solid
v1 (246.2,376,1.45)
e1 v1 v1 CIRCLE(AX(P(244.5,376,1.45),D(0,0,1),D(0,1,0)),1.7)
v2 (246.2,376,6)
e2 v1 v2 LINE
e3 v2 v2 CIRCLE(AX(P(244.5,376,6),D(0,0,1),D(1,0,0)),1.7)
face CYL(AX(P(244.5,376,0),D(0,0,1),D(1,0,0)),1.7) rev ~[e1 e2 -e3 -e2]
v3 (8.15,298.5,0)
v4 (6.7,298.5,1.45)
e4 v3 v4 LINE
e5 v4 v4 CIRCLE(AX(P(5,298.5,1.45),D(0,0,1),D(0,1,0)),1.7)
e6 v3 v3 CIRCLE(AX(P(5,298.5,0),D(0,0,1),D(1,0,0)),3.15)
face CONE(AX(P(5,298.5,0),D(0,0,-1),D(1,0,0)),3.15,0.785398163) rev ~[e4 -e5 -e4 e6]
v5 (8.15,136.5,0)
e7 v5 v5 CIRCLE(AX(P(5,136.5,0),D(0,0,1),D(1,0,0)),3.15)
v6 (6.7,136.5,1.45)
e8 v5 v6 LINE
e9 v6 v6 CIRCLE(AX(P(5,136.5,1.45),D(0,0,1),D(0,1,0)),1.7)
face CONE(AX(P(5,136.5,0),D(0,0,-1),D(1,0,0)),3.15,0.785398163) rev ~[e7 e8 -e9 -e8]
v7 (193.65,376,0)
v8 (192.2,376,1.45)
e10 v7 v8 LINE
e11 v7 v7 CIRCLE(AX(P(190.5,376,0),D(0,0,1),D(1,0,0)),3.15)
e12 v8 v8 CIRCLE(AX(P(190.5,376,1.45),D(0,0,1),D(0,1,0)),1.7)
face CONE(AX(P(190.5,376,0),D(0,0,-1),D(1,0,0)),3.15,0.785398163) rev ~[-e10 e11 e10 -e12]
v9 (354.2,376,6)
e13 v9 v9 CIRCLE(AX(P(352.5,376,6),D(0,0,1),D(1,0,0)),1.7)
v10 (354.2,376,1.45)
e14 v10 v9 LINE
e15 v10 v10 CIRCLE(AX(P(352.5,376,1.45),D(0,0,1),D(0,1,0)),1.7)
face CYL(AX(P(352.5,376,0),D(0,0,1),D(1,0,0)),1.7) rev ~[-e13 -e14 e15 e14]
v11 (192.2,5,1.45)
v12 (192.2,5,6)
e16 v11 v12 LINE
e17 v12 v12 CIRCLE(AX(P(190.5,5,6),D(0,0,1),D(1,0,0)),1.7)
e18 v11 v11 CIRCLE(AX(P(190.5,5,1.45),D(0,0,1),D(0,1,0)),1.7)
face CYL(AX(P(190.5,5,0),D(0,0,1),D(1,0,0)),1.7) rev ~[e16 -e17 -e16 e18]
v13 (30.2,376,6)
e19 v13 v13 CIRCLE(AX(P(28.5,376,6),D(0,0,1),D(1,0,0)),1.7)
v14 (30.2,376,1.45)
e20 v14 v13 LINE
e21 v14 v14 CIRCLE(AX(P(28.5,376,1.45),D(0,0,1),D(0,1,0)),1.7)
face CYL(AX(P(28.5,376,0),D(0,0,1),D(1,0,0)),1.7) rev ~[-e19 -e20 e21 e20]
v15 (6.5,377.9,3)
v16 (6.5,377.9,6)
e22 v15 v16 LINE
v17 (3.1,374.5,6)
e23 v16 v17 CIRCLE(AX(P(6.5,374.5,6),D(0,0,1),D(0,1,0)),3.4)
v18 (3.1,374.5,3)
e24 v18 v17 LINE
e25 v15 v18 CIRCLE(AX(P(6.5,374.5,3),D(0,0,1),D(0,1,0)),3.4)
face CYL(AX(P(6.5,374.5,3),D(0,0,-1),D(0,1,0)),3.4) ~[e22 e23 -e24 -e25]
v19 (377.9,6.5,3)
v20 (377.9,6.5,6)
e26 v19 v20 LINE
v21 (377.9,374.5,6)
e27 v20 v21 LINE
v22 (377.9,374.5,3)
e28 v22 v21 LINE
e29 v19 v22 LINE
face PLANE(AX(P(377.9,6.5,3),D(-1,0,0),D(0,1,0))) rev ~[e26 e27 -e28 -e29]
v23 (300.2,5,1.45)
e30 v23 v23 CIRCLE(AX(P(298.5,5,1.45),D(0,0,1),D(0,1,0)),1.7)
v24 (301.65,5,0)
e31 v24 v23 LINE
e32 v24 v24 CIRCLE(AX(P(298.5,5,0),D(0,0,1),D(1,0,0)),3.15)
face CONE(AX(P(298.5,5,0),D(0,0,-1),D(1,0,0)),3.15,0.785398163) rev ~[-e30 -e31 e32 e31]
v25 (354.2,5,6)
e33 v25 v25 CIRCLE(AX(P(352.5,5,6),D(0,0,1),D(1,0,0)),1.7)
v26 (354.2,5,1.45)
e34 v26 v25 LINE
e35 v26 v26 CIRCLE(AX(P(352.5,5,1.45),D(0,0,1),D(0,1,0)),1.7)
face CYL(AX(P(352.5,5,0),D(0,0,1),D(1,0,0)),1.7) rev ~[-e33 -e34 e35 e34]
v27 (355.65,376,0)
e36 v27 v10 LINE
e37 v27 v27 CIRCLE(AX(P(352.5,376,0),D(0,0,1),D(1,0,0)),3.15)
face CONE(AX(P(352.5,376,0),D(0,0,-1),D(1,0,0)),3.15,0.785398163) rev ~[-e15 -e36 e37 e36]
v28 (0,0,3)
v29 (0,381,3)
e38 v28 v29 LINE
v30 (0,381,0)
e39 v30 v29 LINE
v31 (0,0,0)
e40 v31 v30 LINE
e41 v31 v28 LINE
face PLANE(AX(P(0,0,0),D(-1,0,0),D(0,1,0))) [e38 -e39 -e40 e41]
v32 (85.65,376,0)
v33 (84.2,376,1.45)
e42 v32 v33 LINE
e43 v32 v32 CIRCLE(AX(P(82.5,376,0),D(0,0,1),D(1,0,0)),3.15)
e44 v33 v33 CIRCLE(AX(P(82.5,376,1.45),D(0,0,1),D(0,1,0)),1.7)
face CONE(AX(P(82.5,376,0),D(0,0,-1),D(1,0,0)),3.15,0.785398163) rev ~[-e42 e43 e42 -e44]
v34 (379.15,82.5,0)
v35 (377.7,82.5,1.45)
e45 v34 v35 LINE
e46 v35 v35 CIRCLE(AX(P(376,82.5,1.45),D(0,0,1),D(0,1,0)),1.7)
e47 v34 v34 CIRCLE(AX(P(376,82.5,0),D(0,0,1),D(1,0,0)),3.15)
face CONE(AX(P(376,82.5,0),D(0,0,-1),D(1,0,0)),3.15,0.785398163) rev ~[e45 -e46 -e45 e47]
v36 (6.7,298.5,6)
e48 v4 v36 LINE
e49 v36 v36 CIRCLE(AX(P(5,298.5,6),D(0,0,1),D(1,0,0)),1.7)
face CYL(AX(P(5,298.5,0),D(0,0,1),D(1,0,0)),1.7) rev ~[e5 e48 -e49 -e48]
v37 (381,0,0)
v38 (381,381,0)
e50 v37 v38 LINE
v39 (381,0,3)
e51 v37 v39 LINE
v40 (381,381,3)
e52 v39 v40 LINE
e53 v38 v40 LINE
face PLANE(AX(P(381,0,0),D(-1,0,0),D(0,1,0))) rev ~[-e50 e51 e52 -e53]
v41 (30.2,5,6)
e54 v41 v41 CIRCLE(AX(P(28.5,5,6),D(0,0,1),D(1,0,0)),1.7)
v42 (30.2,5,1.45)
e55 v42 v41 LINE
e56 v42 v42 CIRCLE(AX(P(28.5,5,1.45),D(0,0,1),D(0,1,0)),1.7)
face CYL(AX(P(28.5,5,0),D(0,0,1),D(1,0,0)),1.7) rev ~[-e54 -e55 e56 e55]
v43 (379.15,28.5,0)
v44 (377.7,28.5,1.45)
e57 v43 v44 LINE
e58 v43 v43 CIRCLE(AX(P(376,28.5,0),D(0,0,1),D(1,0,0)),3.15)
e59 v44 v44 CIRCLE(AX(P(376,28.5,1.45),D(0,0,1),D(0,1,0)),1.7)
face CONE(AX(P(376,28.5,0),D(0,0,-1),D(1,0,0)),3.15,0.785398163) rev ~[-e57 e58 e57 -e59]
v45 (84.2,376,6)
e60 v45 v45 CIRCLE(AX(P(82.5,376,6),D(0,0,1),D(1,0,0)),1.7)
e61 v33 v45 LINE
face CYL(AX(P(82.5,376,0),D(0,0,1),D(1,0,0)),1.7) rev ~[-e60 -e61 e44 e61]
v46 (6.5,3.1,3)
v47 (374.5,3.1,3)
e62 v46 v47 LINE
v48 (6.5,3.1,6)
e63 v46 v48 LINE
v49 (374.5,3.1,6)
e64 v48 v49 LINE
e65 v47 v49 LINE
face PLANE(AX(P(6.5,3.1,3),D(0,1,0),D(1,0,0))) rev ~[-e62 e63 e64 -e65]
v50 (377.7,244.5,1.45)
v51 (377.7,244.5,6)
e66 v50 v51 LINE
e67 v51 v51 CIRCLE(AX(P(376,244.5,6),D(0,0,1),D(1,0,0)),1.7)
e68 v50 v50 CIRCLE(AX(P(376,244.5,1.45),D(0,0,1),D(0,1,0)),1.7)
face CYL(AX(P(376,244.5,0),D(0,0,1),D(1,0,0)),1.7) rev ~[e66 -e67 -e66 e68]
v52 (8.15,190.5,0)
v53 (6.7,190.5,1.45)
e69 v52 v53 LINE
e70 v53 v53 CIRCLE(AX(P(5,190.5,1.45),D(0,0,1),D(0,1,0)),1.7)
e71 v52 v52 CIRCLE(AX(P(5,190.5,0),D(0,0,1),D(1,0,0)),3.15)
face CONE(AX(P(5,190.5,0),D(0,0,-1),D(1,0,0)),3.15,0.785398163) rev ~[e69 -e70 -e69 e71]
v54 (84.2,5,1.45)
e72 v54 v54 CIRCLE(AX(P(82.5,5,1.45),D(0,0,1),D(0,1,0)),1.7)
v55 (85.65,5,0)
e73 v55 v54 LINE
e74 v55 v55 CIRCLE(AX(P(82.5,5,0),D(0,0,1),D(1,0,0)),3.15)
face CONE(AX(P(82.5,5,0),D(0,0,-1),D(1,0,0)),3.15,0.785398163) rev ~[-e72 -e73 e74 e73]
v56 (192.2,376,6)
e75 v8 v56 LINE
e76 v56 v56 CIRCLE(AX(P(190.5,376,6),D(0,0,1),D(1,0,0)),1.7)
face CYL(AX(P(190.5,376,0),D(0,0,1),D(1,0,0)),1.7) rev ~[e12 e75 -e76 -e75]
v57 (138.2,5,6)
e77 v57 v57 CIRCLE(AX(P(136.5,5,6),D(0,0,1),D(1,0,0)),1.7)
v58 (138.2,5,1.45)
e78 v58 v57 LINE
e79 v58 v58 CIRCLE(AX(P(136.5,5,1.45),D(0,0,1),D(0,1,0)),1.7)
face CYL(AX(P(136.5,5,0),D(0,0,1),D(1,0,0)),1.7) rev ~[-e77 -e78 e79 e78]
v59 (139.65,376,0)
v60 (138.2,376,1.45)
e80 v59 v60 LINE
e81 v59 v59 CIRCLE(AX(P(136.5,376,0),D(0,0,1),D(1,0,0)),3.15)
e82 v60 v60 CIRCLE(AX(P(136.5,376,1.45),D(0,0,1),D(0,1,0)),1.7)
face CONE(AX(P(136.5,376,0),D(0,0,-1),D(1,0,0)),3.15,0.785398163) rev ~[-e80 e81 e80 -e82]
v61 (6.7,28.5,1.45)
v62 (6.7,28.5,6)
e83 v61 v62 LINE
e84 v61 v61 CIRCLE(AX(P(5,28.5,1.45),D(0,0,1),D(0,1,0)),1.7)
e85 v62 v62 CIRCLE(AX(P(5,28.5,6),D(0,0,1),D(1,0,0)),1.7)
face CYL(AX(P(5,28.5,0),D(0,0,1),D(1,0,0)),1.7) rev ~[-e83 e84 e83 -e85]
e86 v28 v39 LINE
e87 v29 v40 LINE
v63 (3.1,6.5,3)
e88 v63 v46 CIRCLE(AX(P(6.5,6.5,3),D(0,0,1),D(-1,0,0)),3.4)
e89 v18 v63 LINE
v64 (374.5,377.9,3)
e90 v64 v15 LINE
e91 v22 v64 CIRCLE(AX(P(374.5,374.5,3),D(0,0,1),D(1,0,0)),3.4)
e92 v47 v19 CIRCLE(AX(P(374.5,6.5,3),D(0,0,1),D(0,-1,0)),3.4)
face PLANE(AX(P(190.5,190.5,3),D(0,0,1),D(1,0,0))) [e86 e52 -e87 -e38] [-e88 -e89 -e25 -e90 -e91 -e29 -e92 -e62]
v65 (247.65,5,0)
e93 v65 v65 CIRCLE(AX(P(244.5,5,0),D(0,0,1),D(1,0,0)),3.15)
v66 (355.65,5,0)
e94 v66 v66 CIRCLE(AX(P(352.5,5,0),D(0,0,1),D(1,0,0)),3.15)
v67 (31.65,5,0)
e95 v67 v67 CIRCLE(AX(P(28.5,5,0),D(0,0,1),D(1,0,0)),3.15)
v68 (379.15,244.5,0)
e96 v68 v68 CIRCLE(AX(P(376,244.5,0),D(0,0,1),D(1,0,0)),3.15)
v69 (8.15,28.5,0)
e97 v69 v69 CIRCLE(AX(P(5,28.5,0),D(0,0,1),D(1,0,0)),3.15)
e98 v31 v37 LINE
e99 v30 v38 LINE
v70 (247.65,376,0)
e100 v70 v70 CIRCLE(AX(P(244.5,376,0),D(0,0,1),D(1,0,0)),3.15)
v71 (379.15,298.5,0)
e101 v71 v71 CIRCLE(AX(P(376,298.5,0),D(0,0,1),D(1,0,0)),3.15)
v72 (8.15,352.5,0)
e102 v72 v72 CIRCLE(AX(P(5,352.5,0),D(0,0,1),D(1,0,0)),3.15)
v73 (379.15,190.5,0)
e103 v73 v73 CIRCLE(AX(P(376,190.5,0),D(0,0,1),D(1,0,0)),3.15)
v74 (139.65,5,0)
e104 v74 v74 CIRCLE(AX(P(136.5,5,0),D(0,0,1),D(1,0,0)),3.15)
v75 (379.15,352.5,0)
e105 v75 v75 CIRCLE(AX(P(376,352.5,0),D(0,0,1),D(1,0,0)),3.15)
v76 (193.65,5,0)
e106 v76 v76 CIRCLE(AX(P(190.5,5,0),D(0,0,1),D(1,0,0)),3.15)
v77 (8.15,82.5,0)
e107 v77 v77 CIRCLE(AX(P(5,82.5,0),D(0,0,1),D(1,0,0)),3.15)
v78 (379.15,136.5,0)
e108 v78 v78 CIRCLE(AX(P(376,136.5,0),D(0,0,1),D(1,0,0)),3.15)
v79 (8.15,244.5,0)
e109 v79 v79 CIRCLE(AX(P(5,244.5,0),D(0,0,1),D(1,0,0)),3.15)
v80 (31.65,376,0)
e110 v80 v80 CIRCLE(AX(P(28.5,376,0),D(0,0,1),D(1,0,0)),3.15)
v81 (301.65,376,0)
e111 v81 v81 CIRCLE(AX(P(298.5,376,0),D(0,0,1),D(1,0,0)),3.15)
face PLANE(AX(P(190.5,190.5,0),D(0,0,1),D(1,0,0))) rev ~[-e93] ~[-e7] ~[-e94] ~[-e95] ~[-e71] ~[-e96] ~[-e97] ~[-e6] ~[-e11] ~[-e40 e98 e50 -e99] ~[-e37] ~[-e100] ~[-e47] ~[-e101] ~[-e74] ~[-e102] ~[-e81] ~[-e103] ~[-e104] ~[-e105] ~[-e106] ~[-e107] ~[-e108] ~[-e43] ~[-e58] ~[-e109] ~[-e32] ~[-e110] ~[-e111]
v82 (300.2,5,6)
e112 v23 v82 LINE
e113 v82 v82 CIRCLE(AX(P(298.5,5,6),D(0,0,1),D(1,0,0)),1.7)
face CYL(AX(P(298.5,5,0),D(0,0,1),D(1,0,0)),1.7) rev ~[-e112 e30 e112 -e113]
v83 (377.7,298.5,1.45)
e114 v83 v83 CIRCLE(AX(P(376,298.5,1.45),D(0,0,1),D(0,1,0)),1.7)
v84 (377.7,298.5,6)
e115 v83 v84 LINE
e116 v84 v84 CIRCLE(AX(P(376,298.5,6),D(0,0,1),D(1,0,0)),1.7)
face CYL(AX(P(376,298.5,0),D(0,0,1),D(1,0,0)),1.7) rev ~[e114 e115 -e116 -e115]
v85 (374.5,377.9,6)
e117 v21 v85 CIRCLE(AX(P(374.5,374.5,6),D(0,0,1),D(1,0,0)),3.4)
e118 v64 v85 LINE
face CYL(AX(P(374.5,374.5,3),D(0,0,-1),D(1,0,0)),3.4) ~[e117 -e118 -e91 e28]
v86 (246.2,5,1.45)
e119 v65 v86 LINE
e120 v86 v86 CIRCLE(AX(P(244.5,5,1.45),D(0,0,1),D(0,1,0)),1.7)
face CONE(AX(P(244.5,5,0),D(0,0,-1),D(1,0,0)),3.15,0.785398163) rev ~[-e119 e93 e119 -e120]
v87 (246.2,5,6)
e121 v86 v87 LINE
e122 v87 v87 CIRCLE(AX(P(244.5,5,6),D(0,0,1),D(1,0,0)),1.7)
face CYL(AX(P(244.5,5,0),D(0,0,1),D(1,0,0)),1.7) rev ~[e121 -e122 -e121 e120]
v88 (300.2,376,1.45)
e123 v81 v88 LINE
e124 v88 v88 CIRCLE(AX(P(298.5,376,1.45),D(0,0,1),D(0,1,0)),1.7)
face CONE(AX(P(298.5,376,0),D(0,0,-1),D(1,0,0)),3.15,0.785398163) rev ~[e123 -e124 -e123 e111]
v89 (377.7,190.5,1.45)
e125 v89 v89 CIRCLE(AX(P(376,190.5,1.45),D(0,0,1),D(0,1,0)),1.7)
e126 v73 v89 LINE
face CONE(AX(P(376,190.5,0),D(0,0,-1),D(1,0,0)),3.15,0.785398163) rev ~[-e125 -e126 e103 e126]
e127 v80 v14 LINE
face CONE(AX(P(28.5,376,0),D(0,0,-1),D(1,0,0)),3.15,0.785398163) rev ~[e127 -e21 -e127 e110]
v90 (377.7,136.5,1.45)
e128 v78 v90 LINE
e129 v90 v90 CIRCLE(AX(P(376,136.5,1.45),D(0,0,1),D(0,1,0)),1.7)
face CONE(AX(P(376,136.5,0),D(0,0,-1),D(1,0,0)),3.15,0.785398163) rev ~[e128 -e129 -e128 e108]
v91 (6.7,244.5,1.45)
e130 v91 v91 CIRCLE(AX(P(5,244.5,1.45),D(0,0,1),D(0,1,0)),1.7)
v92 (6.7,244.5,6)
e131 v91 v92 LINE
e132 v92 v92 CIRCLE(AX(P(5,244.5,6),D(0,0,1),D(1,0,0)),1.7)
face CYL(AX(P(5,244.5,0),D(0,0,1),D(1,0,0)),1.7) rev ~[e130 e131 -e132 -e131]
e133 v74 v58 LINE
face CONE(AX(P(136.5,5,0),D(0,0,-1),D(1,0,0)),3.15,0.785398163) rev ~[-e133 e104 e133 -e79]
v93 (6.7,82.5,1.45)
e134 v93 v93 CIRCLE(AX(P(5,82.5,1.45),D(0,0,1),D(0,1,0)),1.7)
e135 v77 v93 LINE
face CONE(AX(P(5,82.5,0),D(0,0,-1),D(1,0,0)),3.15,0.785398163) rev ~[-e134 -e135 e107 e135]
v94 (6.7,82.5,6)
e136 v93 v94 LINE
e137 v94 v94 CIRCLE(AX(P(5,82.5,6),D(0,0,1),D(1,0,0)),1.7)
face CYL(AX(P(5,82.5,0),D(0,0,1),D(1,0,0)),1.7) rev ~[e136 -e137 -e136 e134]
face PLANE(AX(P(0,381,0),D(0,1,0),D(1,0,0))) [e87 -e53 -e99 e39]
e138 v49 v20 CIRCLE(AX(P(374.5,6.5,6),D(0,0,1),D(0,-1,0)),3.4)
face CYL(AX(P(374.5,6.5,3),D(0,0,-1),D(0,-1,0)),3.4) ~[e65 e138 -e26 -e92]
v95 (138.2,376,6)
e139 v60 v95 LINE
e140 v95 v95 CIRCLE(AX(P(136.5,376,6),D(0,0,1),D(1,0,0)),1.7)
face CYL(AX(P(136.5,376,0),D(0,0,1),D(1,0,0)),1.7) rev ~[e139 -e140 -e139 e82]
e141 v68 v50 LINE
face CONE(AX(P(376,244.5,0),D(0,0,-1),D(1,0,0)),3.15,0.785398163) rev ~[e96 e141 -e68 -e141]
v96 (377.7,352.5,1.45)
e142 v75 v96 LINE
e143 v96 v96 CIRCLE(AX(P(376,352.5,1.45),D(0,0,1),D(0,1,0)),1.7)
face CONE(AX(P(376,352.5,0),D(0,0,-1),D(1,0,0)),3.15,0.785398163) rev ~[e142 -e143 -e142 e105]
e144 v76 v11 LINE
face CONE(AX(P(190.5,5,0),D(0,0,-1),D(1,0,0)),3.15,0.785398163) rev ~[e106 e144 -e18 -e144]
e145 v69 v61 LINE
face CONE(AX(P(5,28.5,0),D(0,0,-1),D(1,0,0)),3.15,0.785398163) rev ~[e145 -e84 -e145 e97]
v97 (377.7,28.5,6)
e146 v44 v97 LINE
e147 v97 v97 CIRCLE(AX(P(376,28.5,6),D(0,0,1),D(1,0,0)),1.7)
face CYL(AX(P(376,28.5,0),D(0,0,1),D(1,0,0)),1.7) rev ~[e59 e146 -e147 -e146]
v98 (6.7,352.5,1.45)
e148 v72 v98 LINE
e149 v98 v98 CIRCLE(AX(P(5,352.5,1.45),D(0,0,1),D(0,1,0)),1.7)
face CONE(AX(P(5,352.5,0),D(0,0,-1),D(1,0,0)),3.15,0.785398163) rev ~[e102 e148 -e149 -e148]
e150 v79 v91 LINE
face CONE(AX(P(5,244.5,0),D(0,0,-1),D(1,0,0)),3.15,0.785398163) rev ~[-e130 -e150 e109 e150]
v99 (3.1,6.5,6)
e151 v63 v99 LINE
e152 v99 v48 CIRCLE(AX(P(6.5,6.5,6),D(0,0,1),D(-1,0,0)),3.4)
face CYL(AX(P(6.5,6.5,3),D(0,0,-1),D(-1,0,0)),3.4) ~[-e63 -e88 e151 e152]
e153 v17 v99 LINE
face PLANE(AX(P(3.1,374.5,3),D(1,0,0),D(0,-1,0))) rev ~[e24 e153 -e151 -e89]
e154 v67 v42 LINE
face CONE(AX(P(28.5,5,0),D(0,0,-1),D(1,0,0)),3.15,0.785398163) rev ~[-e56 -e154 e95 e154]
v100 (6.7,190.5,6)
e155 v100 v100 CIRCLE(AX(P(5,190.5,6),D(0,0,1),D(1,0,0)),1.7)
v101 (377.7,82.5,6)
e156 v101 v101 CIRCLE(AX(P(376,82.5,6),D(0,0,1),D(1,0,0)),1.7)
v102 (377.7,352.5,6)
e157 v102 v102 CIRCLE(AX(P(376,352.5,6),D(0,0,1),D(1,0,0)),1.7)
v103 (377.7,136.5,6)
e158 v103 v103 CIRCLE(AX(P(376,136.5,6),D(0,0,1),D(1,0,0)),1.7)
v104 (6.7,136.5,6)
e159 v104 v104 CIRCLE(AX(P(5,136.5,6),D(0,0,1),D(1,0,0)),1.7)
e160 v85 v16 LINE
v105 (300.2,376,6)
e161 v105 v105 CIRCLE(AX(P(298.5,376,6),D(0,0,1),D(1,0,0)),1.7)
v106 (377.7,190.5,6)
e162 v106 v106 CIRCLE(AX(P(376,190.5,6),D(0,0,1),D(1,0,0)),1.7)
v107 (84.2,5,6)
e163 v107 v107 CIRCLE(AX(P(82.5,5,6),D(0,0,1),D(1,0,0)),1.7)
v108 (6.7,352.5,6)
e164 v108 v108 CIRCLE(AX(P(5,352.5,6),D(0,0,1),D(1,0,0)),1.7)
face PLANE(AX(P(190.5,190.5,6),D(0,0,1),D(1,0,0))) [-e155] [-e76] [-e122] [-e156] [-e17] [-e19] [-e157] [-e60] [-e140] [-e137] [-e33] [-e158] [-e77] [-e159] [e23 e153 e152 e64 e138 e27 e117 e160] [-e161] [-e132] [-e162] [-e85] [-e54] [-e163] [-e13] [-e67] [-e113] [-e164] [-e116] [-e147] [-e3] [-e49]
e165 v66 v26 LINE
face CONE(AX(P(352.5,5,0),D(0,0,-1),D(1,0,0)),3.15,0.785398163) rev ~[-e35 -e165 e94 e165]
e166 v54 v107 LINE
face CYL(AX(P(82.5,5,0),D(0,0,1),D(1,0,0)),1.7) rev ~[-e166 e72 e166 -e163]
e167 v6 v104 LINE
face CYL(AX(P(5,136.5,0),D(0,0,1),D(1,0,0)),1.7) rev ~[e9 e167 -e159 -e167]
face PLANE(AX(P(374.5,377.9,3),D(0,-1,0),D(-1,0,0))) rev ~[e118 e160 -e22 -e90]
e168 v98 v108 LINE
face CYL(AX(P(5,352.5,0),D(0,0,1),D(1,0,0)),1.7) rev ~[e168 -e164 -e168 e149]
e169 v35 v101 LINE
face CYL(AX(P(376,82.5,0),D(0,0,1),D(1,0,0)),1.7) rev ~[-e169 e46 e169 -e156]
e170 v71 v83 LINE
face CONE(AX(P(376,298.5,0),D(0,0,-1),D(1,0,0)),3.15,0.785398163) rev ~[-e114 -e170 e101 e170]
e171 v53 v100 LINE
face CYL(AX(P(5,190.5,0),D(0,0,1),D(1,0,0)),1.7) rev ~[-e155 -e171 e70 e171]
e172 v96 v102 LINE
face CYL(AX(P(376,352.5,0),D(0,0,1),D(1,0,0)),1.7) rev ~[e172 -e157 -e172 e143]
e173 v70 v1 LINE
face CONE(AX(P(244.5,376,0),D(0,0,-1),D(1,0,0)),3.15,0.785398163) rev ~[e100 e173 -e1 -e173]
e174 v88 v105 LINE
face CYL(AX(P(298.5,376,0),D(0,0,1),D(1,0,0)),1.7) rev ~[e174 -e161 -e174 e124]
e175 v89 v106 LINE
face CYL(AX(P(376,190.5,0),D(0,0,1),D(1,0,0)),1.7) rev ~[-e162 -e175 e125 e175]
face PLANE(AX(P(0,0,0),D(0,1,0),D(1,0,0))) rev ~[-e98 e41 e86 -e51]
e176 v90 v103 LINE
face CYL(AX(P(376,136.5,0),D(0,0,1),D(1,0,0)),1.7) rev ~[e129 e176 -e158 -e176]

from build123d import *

# Parameters (mm, degrees)
ESQUISSE1_W                                    = 381
ESQUISSE1_H                                    = 381
BOSS_EXTRU_1_DEPTH                             = 3
BOSS_EXTRU_2_DEPTH                             = 3
FRAISAGE_POUR_VIS_T_TE_FRAIS_E_M31_D           = 3.4
FRAISAGE_POUR_VIS_T_TE_FRAIS_E_M31_CSINK_D     = 6.3
FRAISAGE_POUR_VIS_T_TE_FRAIS_E_M31_CSINK_ANGLE = 90


with BuildPart() as part:
    # Esquisse1 → Boss.-Extru.1 (new body)
    with BuildSketch(Plane.XY):
        with Locations((190.5, 190.5)):
            Rectangle(ESQUISSE1_W, ESQUISSE1_H)
    extrude(amount=BOSS_EXTRU_1_DEPTH)

    # Esquisse2 → Boss.-Extru.2 (add)
    with BuildSketch(Plane.XY.offset(3)):
        with BuildLine():
            Line((6.5, 3.1), (374.5, 3.1))
            ThreePointArc((374.5, 3.1), (376.904163056, 4.095836944), (377.9, 6.5))
            Line((377.9, 6.5), (377.9, 374.5))
            ThreePointArc((377.9, 374.5), (376.904163056, 376.904163056), (374.5, 377.9))
            Line((374.5, 377.9), (6.5, 377.9))
            ThreePointArc((6.5, 377.9), (4.095836944, 376.904163056), (3.1, 374.5))
            Line((3.1, 374.5), (3.1, 6.5))
            ThreePointArc((3.1, 6.5), (4.095836944, 4.095836944), (6.5, 3.1))
        make_face()
    extrude(amount=BOSS_EXTRU_2_DEPTH)

    # Fraisage pour vis à tête fraisée M31 (through all)
    with Locations(Plane(origin=(0, 0, 0), x_dir=(-1, 0, 0), z_dir=(0, 0, -1))):
        with Locations((-28.5, 5), (-82.5, 5), (-136.5, 5), (-190.5, 5), (-244.5, 5), (-298.5, 5), (-352.5, 5), (-376, 28.5), (-376, 82.5), (-376, 136.5), (-376, 190.5), (-376, 244.5), (-376, 298.5), (-376, 352.5), (-352.5, 376), (-298.5, 376), (-244.5, 376), (-190.5, 376), (-136.5, 376), (-82.5, 376), (-28.5, 376), (-5, 352.5), (-5, 298.5), (-5, 244.5), (-5, 190.5), (-5, 136.5), (-5, 82.5), (-5, 28.5)):
            CounterSinkHole(FRAISAGE_POUR_VIS_T_TE_FRAIS_E_M31_D / 2, FRAISAGE_POUR_VIS_T_TE_FRAIS_E_M31_CSINK_D / 2, counter_sink_angle=FRAISAGE_POUR_VIS_T_TE_FRAIS_E_M31_CSINK_ANGLE)


solid = part.part
